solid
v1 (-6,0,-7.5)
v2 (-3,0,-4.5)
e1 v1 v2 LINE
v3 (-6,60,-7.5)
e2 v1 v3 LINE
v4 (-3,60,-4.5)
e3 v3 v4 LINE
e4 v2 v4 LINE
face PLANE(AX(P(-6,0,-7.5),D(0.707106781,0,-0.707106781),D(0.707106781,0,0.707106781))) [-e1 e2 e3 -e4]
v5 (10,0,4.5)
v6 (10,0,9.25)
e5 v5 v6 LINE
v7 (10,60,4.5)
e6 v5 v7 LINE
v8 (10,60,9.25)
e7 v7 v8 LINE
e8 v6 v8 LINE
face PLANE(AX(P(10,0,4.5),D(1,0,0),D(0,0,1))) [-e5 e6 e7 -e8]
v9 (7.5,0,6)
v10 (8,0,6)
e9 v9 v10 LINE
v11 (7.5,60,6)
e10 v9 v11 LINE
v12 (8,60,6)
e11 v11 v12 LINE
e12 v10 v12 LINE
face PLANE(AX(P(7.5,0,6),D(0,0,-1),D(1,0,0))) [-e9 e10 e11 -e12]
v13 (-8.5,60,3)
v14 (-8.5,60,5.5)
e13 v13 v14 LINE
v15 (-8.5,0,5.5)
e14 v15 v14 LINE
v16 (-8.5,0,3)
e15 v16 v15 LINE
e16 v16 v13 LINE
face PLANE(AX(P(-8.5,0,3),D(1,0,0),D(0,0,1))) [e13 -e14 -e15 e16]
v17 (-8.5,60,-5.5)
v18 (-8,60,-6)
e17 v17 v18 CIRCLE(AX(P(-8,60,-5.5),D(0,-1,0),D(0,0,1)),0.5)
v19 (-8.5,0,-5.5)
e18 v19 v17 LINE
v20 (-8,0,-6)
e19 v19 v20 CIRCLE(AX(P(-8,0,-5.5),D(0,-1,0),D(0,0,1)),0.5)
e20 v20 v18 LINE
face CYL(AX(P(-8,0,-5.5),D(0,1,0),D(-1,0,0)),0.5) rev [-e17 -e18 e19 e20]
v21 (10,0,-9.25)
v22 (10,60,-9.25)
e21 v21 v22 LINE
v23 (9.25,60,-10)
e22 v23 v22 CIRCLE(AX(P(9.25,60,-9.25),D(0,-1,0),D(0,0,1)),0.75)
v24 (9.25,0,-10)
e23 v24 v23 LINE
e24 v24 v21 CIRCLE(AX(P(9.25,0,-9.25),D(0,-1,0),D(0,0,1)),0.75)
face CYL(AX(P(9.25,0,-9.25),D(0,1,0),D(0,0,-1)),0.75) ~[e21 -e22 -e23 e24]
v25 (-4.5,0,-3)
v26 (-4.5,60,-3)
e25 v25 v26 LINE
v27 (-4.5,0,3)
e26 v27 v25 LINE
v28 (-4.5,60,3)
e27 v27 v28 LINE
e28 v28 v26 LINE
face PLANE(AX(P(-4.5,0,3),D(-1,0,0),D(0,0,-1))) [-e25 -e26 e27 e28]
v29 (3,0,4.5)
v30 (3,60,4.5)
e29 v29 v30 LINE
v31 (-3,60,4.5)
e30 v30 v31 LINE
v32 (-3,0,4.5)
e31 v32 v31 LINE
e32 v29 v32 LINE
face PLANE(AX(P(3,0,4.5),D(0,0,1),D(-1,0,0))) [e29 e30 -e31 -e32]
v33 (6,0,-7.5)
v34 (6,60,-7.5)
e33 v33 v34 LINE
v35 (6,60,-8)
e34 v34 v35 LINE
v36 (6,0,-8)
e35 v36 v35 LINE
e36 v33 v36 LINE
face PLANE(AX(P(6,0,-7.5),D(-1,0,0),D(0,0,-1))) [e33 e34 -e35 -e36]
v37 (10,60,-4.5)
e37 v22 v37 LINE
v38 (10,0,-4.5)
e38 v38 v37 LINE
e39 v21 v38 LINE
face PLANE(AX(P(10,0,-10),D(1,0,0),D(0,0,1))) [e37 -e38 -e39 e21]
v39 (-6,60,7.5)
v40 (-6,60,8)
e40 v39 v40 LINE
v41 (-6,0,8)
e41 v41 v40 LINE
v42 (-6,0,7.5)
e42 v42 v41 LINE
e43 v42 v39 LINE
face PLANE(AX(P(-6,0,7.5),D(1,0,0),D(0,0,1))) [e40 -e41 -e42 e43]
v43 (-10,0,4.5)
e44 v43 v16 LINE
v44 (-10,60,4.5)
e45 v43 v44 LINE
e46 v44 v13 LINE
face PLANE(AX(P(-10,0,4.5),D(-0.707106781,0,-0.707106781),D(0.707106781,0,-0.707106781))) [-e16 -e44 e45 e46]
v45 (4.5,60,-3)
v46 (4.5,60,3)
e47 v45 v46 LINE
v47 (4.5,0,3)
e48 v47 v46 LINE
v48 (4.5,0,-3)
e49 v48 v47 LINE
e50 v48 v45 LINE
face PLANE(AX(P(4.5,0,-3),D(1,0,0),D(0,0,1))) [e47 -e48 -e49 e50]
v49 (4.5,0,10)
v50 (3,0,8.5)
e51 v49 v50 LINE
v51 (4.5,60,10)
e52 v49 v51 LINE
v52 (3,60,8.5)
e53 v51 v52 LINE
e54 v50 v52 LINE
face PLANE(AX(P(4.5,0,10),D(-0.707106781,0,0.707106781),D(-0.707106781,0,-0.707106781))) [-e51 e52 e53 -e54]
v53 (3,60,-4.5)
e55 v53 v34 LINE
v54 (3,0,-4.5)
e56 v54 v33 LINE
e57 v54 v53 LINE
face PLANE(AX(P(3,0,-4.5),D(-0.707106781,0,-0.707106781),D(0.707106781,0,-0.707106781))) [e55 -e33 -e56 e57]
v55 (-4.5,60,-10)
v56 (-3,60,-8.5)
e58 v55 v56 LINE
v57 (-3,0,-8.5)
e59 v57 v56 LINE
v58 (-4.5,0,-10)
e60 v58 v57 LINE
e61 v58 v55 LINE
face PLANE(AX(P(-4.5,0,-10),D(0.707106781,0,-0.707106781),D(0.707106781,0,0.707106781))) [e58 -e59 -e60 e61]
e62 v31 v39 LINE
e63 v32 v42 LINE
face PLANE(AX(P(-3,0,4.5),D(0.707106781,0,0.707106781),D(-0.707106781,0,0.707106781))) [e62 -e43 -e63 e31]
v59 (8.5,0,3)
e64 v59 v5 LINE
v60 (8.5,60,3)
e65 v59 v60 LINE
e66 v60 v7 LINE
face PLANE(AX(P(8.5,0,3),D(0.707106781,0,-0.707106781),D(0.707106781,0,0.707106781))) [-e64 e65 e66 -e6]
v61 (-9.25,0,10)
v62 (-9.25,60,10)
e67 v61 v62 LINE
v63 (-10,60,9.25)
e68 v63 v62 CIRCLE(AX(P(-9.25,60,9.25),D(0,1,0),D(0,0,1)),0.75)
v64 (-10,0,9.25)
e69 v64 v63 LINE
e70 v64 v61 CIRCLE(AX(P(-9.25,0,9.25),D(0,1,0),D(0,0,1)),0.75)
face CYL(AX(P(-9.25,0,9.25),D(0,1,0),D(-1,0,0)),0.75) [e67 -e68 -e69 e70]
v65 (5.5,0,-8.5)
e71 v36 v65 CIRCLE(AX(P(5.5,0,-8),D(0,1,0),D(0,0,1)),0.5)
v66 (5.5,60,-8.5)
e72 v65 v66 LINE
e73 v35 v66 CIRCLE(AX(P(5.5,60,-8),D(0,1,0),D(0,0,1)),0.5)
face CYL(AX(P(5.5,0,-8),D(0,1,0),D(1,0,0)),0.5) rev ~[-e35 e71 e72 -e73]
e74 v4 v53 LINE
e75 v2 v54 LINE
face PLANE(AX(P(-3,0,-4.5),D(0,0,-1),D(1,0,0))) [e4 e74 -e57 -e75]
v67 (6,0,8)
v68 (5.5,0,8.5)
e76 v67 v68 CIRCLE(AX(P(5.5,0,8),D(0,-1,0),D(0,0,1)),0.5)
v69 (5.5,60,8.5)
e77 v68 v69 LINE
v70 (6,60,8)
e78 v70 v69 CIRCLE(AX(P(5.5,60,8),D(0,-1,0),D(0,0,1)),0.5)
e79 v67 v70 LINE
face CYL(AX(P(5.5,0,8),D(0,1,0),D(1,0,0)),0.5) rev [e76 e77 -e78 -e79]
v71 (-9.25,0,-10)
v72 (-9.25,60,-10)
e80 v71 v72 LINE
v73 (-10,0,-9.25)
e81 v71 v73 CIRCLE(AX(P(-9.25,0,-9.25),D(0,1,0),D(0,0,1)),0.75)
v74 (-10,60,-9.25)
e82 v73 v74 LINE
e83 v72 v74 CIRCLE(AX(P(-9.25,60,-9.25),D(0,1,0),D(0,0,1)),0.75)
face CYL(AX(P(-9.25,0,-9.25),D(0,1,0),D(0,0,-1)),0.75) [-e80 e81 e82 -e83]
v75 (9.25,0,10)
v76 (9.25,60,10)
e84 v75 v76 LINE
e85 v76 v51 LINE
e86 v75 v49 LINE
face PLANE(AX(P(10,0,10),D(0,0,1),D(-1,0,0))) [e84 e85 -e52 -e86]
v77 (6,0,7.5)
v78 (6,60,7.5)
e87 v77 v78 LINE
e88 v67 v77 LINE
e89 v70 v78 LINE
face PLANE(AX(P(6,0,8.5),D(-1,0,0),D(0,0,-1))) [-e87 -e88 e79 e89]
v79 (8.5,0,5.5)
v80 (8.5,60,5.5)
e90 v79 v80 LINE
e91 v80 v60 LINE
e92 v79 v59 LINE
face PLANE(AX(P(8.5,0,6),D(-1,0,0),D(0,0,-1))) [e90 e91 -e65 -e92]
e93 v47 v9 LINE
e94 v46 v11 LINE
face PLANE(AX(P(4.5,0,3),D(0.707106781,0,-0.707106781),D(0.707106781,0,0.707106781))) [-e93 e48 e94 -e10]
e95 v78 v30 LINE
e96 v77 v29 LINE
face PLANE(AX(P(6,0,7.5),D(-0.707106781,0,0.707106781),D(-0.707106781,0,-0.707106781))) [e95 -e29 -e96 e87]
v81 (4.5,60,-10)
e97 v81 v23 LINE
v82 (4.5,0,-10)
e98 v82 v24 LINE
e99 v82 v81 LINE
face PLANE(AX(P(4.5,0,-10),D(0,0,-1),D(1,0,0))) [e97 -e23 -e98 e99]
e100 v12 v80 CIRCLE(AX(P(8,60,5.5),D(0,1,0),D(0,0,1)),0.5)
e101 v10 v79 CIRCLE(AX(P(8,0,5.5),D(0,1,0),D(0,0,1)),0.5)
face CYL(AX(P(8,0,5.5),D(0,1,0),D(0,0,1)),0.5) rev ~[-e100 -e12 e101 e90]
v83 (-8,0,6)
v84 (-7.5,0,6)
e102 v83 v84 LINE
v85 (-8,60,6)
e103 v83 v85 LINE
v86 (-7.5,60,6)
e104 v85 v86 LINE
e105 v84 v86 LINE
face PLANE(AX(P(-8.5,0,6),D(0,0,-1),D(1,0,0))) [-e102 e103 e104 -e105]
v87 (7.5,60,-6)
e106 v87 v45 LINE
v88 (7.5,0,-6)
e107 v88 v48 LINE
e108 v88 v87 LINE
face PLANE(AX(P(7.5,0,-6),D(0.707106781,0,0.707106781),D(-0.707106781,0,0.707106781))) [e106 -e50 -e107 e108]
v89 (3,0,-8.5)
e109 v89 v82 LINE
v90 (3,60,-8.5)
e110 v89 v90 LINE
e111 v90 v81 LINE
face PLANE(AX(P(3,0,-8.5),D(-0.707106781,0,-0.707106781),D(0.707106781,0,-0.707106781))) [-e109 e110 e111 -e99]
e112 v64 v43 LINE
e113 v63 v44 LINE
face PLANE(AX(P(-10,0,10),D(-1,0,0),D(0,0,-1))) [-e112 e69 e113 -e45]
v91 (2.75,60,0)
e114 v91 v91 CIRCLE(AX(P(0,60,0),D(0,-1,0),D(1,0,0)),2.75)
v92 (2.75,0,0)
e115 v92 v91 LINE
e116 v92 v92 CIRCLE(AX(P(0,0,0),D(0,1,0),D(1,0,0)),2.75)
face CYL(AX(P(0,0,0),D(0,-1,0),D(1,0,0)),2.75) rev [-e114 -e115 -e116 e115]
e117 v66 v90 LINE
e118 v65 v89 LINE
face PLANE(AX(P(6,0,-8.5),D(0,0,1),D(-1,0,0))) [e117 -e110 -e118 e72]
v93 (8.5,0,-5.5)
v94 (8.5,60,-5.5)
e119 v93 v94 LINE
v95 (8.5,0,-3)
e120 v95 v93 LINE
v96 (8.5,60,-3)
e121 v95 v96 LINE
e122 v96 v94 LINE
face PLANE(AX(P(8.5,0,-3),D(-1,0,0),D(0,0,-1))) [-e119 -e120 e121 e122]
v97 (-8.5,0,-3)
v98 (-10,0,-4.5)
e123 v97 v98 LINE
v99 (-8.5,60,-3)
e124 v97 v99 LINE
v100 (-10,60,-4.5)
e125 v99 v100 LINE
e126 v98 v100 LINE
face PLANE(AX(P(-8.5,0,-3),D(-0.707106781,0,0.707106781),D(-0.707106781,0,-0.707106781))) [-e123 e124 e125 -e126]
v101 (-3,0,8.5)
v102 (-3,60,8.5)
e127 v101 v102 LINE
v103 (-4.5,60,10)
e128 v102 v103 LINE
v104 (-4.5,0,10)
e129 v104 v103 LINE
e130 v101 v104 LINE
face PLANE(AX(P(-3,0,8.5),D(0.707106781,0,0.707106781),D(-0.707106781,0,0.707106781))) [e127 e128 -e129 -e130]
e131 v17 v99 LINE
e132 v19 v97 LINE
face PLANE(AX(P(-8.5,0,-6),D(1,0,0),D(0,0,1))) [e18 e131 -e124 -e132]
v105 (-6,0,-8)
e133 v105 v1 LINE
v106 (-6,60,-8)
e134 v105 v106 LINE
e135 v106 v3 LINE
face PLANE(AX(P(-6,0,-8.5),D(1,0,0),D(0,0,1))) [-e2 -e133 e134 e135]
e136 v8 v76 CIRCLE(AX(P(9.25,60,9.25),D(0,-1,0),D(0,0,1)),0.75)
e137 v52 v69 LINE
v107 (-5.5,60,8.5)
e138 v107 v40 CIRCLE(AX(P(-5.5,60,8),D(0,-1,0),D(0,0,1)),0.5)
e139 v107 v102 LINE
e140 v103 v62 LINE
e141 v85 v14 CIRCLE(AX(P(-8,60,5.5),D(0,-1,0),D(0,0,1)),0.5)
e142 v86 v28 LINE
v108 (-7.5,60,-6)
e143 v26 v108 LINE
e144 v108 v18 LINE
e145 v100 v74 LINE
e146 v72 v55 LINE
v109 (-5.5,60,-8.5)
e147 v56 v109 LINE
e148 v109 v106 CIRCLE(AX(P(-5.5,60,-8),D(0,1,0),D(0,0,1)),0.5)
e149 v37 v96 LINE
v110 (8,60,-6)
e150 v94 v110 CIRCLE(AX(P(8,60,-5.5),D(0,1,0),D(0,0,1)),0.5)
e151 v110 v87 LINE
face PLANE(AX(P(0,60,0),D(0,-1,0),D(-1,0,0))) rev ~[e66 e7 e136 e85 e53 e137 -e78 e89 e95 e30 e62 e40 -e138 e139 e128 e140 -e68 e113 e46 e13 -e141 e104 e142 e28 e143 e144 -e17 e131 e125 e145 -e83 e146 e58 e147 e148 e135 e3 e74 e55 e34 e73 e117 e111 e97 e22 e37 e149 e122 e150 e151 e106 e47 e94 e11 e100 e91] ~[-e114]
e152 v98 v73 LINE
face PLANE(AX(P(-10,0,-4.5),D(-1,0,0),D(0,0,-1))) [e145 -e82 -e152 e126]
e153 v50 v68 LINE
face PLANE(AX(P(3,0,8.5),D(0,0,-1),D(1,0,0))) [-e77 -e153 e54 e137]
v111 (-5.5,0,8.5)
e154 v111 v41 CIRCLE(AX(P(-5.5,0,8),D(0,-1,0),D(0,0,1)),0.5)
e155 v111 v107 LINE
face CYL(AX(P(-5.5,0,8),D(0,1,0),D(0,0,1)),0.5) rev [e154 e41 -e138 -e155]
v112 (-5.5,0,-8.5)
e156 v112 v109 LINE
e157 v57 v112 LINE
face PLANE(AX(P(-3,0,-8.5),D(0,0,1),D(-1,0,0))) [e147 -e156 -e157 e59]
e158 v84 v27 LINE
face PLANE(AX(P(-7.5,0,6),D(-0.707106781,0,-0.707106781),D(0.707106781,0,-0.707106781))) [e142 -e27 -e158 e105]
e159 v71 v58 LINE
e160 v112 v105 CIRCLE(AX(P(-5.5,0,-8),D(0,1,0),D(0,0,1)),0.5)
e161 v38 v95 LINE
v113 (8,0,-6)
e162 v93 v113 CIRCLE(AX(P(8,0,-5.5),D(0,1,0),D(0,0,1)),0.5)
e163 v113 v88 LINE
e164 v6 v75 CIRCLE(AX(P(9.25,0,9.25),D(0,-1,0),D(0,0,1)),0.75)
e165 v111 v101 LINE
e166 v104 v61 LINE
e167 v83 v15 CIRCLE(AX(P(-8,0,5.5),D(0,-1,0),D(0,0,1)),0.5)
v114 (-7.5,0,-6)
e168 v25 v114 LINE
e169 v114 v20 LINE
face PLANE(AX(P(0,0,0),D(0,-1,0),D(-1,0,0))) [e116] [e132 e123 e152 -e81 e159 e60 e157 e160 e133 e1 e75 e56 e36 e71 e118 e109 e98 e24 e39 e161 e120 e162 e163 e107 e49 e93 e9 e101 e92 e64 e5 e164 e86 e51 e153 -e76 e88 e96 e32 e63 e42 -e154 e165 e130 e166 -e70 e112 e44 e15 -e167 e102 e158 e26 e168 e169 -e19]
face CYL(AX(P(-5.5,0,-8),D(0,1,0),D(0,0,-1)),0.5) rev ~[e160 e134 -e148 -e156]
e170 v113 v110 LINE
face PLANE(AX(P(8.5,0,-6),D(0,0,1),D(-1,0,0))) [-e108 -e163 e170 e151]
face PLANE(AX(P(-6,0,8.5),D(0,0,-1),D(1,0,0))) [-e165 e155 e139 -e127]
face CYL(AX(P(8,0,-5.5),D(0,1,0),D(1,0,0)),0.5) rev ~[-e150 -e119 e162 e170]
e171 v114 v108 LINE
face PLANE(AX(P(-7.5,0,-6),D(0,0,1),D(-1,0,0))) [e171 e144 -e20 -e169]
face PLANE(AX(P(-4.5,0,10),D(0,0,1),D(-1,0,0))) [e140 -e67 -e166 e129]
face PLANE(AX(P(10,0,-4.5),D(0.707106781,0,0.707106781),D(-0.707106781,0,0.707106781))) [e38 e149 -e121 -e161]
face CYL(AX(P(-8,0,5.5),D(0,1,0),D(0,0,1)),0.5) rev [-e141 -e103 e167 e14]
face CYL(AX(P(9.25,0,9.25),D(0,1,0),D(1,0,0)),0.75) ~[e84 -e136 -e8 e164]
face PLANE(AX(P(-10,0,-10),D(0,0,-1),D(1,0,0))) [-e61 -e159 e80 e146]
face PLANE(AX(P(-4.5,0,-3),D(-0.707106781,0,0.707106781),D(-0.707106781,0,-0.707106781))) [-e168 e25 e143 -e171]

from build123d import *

# Parameters (mm, degrees)
BOSS_EXTRUDE2_DEPTH = 60
SKETCH1_3_R         = 2.75
CUT_EXTRUDE4_DEPTH  = 80
FILLET7_R           = 0.75
FILLET8_R           = 0.5


with BuildPart() as part:
    # Sketch1 → Boss-Extrude2 (new body)
    with BuildSketch(Plane(origin=(0, 0, 0), x_dir=(1, 0, 0), z_dir=(0, 1, 0))):
        Polygon((-3, 4.5), (3, 4.5), (6, 7.5), (6, 8.5), (3, 8.5), (4.5, 10), (10, 10), (10, 4.5), (8.5, 3), (8.5, 6), (7.5, 6), (4.5, 3), (4.5, -3), (7.5, -6), (8.5, -6), (8.5, -3), (10, -4.5), (10, -10), (4.5, -10), (3, -8.5), (6, -8.5), (6, -7.5), (3, -4.5), (-3, -4.5), (-6, -7.5), (-6, -8.5), (-3, -8.5), (-4.5, -10), (-10, -10), (-10, -4.5), (-8.5, -3), (-8.5, -6), (-7.5, -6), (-4.5, -3), (-4.5, 3), (-7.5, 6), (-8.5, 6), (-8.5, 3), (-10, 4.5), (-10, 10), (-4.5, 10), (-3, 8.5), (-6, 8.5), (-6, 7.5), align=None)
    extrude(amount=BOSS_EXTRUDE2_DEPTH)

    # Sketch1<3> → Cut-Extrude4 (cut)
    with BuildSketch(Plane(origin=(0, 0, 0), x_dir=(1, 0, 0), z_dir=(0, 1, 0))):
        Circle(SKETCH1_3_R)
    extrude(amount=CUT_EXTRUDE4_DEPTH, mode=Mode.SUBTRACT)

    # Fillet7
    fillet7_edges = [part.edges().sort_by_distance(p)[0] for p in [
        (-10, 30, -10),
        (10, 30, -10),
        (10, 30, 10),
        (-10, 30, 10),
    ]]
    fillet(fillet7_edges, radius=FILLET7_R)

    # Fillet8
    fillet8_edges = [part.edges().sort_by_distance(p)[0] for p in [
        (-6, 30, -8.5),
        (6, 30, -8.5),
        (8.5, 30, -6),
        (8.5, 30, 6),
        (6, 30, 8.5),
        (-6, 30, 8.5),
        (-8.5, 30, 6),
        (-8.5, 30, -6),
    ]]
    fillet(fillet8_edges, radius=FILLET8_R)


solid = part.part
